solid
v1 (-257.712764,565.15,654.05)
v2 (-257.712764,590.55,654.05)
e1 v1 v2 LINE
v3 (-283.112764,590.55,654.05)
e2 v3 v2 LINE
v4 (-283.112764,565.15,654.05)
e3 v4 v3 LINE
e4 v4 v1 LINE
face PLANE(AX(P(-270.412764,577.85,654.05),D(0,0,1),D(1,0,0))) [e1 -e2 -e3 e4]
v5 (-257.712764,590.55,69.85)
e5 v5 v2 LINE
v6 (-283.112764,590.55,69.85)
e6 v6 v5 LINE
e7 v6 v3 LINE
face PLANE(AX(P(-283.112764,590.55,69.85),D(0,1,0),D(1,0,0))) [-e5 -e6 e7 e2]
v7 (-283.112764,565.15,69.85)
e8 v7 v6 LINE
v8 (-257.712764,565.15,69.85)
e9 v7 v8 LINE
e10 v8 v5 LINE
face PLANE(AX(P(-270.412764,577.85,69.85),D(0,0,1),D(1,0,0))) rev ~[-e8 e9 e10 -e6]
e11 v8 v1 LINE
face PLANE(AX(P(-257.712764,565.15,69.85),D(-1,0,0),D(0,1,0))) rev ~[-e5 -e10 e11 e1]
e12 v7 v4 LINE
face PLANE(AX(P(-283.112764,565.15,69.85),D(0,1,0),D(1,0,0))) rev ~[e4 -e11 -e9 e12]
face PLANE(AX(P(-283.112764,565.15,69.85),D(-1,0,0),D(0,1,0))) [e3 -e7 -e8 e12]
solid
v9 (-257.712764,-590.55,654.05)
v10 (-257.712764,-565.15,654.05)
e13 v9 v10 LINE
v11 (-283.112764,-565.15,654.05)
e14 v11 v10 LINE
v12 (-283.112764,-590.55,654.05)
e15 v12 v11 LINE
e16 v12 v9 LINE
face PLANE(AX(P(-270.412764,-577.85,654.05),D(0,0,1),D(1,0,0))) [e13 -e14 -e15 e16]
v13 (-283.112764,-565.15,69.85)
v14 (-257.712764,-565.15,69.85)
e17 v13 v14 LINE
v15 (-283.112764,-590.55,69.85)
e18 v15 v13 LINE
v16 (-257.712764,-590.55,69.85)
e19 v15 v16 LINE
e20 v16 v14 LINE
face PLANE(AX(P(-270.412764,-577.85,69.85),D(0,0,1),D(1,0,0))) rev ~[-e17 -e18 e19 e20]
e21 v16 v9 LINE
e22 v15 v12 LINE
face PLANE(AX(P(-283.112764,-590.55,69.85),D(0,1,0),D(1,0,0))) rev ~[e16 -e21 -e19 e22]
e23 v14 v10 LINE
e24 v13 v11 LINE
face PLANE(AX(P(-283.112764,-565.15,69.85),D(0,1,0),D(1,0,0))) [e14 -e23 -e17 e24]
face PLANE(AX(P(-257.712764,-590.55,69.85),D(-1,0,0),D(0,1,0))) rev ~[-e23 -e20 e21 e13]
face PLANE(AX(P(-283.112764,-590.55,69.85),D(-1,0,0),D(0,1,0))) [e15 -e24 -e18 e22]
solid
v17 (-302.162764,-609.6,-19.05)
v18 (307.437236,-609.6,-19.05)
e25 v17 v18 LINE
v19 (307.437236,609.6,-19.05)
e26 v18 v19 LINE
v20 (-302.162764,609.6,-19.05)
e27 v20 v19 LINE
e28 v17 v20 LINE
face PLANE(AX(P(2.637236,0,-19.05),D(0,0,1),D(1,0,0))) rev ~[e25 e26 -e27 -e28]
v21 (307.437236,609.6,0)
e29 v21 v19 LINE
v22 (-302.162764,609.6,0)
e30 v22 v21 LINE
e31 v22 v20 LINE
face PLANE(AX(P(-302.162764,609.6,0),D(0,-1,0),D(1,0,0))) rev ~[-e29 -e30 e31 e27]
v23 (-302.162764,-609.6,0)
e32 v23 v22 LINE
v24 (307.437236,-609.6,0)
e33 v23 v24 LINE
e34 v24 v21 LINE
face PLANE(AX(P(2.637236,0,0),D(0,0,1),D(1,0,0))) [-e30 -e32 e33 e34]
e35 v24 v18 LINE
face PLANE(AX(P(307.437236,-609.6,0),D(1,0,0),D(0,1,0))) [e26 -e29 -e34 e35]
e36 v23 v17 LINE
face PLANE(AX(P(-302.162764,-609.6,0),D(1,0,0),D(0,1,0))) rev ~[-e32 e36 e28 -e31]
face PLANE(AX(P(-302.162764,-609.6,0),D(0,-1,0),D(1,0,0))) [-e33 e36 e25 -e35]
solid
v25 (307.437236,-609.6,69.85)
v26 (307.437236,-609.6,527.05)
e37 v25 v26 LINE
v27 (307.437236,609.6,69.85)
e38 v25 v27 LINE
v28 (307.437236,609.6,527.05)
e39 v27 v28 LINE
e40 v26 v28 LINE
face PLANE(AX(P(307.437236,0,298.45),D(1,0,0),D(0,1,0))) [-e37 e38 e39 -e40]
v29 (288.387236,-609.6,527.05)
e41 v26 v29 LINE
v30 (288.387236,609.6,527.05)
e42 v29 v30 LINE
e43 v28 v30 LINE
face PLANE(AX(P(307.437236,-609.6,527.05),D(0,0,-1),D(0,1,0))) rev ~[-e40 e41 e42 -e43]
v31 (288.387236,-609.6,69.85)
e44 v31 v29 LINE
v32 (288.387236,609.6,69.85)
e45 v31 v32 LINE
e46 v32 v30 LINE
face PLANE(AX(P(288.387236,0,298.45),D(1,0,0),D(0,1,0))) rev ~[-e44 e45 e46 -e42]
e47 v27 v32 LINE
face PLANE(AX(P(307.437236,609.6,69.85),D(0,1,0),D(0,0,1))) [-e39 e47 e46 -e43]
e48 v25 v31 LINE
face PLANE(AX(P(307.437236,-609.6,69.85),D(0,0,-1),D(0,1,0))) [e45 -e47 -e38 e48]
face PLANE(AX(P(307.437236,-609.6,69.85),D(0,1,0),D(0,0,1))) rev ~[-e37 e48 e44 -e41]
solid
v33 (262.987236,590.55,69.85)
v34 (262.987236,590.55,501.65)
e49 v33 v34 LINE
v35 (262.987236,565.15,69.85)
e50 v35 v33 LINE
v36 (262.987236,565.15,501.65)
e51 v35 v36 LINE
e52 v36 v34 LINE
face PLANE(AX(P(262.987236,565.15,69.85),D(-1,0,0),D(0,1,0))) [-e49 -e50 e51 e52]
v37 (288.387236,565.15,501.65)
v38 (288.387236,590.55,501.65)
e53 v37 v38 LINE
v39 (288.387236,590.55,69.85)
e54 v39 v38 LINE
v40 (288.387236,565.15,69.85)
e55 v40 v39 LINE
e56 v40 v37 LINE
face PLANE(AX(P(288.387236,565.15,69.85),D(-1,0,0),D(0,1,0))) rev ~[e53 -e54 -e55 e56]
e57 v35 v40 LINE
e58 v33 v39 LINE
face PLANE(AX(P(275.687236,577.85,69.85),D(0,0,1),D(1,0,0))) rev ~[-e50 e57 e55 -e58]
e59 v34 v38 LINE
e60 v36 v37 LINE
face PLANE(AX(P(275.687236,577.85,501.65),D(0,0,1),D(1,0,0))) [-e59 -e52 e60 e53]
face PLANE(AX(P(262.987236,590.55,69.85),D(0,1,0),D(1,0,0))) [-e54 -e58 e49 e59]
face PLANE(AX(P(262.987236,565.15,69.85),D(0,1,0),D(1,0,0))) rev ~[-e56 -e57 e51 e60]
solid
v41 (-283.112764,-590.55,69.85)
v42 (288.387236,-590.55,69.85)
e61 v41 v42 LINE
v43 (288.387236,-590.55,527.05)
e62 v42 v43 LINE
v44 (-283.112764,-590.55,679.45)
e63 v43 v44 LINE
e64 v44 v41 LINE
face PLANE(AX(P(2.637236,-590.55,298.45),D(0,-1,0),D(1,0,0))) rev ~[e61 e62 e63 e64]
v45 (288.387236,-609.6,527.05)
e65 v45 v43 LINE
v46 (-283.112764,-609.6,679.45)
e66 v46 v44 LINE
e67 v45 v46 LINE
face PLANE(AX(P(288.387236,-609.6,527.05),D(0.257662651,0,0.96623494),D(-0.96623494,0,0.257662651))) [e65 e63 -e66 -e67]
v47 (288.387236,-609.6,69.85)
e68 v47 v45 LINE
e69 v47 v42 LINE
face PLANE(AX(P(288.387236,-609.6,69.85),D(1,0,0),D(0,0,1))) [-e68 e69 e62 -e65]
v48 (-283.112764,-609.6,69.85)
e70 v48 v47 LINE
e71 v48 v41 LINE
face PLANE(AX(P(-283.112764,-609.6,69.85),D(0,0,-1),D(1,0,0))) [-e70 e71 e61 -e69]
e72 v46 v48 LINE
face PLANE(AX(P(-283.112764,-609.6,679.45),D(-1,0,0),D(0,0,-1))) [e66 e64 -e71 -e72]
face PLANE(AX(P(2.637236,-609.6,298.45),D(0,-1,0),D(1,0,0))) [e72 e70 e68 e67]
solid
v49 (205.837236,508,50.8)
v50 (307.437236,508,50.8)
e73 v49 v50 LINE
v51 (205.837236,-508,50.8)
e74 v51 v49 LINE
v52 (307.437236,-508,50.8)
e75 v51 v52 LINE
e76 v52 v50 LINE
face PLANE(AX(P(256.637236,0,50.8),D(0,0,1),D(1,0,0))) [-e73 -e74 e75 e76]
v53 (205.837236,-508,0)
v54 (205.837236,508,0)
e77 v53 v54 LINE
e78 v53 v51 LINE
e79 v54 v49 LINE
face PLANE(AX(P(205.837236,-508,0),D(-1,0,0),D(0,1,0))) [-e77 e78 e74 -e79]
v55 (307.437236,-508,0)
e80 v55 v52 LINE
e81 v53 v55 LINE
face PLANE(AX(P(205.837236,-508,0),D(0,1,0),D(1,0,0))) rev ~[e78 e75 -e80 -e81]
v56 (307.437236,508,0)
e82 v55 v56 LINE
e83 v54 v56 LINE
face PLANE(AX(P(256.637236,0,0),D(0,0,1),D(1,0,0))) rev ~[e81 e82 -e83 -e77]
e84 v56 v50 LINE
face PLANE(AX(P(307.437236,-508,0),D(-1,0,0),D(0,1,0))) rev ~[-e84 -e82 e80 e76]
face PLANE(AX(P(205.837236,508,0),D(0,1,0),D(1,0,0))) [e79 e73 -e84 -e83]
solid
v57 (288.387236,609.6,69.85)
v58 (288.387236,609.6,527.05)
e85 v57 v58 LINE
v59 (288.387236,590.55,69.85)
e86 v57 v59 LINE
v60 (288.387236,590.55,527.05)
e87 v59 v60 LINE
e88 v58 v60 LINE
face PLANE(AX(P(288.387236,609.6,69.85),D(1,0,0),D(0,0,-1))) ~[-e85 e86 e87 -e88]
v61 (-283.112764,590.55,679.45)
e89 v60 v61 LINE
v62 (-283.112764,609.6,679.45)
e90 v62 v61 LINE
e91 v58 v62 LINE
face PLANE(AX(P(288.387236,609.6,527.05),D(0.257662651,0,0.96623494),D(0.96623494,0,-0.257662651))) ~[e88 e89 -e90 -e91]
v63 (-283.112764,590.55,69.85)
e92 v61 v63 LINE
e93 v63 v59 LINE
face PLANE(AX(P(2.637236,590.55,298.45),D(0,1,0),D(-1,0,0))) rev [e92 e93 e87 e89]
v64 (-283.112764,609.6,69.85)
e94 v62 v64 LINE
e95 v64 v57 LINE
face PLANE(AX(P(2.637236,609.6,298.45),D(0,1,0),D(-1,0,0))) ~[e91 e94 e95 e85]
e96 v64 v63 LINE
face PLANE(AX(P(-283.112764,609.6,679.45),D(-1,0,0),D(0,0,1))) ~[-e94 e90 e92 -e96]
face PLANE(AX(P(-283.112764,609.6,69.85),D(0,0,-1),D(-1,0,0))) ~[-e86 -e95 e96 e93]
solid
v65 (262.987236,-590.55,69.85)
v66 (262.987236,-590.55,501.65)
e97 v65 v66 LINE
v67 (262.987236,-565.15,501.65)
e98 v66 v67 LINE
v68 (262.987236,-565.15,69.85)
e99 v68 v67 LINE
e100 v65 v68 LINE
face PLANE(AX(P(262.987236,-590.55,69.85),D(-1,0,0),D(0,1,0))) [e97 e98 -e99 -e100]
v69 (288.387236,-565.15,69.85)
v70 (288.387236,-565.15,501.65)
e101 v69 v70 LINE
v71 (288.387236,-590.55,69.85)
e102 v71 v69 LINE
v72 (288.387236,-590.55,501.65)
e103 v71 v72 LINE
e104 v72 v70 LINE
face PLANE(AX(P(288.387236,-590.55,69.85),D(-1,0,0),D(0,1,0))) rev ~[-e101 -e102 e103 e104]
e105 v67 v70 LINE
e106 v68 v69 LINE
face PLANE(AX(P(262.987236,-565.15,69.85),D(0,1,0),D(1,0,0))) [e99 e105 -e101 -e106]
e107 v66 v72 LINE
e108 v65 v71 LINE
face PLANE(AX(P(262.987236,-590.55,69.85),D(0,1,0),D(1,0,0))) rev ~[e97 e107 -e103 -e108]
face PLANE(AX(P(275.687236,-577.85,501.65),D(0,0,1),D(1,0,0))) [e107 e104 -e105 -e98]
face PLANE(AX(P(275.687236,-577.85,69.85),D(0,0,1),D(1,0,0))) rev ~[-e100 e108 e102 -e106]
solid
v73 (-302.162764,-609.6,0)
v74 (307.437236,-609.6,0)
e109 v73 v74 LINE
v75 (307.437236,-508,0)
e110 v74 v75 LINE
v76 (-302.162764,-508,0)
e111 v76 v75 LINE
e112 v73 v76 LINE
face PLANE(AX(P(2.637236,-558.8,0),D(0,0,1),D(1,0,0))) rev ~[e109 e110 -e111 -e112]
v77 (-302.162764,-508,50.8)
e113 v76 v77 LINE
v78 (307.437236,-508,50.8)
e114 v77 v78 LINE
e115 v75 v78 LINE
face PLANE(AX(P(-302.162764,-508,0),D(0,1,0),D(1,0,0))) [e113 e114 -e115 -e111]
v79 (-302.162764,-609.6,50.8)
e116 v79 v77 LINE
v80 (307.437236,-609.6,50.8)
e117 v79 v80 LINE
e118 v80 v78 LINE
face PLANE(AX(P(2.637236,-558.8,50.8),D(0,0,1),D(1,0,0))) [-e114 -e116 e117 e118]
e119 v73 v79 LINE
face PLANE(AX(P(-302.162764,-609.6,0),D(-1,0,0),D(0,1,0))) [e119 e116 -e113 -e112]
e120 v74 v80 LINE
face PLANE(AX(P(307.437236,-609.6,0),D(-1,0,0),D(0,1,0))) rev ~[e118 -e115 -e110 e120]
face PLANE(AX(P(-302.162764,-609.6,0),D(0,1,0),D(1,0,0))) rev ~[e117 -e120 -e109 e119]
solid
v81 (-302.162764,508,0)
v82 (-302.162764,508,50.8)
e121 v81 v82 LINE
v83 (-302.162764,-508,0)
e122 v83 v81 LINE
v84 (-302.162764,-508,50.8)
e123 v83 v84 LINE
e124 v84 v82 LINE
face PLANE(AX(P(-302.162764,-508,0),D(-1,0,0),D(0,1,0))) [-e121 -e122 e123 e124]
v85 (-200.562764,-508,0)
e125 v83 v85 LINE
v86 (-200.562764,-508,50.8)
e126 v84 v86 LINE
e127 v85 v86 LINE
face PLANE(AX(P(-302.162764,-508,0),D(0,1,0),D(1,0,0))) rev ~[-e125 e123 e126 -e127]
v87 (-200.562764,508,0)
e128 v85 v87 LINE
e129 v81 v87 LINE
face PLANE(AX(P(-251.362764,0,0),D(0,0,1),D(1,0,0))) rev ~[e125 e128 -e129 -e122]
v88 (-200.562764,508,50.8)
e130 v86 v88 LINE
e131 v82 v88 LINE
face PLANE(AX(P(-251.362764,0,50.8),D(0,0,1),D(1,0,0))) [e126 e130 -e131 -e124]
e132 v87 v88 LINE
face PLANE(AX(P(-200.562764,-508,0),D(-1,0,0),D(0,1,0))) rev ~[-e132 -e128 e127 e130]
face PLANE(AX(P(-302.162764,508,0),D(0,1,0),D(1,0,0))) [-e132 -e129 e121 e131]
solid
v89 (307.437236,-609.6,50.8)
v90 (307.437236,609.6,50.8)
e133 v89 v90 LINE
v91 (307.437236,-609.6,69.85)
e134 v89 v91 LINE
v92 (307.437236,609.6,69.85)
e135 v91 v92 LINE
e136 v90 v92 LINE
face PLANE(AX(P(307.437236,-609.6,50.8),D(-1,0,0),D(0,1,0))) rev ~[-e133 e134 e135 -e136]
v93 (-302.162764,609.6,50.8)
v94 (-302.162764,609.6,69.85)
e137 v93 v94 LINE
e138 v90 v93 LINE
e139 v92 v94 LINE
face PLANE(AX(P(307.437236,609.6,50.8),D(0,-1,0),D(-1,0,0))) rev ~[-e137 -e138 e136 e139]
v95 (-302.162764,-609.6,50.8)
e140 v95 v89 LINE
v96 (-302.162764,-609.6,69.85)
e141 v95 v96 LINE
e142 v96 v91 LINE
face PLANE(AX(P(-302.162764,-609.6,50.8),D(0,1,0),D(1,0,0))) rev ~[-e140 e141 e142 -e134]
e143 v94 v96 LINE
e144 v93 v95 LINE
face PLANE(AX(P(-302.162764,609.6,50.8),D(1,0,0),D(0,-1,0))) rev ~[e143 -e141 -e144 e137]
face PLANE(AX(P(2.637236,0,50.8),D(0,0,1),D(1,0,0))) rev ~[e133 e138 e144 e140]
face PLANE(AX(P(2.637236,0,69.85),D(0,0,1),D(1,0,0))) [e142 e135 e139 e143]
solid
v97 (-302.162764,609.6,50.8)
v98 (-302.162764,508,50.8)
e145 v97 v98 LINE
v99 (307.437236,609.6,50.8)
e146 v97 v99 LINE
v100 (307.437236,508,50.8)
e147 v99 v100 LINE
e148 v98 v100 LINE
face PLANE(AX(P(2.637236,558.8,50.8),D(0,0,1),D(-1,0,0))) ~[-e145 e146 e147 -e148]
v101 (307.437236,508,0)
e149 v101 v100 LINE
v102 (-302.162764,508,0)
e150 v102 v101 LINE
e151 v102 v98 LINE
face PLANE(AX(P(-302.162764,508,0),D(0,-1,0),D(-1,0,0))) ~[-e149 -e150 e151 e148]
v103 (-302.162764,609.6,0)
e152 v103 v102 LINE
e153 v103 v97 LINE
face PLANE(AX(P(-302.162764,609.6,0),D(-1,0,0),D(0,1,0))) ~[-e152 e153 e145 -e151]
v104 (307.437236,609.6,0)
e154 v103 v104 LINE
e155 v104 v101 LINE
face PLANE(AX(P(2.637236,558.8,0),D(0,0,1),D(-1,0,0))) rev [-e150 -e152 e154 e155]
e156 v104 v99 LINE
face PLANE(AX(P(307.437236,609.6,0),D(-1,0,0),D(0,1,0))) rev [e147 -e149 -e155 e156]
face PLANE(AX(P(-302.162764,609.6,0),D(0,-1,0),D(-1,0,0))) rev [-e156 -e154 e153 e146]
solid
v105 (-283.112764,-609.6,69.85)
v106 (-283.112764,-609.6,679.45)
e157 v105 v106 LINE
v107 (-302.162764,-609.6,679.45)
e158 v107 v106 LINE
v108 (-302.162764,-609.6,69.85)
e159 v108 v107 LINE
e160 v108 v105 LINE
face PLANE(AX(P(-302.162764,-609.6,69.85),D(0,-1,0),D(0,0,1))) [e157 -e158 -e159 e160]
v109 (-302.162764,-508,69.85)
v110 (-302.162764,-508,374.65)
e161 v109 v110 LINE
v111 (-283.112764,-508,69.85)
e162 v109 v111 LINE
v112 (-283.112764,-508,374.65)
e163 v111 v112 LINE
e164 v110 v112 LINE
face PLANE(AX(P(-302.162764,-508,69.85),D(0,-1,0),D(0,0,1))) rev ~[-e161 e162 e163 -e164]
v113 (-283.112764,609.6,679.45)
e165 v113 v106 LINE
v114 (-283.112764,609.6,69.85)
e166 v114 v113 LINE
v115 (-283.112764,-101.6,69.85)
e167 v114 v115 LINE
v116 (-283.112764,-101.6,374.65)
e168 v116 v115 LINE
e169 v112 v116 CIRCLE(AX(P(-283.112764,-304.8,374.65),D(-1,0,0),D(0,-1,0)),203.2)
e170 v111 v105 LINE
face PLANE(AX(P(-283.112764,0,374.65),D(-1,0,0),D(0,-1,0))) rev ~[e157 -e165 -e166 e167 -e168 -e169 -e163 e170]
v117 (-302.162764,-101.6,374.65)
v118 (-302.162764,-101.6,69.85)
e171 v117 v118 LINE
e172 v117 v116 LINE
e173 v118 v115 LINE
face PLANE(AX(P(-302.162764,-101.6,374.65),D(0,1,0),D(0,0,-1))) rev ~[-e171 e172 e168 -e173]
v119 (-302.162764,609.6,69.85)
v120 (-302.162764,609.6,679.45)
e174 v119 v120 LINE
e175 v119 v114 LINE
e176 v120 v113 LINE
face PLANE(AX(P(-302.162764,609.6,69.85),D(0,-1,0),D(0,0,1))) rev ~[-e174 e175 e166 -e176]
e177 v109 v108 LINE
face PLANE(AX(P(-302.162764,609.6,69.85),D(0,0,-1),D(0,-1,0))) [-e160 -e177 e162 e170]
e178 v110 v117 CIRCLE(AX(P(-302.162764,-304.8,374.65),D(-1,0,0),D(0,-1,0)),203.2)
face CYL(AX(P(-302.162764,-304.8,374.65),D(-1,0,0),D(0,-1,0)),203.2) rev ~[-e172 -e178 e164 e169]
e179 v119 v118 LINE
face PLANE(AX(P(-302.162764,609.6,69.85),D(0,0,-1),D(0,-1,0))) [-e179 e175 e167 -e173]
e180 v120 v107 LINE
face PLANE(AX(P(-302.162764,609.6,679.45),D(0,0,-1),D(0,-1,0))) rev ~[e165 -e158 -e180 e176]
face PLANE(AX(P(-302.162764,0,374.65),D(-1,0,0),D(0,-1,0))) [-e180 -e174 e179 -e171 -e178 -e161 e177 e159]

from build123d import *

# Parameters (mm, degrees)
F0_W      = 609.6
F0_H      = 1219.2
F1_DEPTH  = 19.05
F2_W      = 609.6
F2_H      = 101.6
F3_DEPTH  = 50.8
F5_W      = 101.6
F5_H      = 1016
F6_DEPTH  = 50.8
F7_W      = 101.6
F7_H      = 1016
F8_DEPTH  = 50.8
F10_DEPTH = 19.05
F11_W     = 1219.2
F11_H     = 609.6
F12_DEPTH = 19.05
F13_W     = 571.5
F13_H     = 457.2
F14_DEPTH = 19.05
F16_W     = 1219.2
F16_H     = 457.2
F17_DEPTH = 19.05
F18_W     = 25.4
F18_H     = 25.4
F19_DEPTH = 584.2
F20_W     = 25.4
F20_H     = 25.4
F21_DEPTH = 431.8
F23_DEPTH = 19.05


with BuildPart() as f1:
    # F0 (on Top) → F1 (new body)
    with BuildSketch(Plane.XY):
        with Locations((2.6372357175, 0)):
            Rectangle(F0_W, F0_H)
    extrude(amount=-F1_DEPTH)


with BuildPart() as f3:
    # F2 (on face) → F3 (new body)
    with BuildSketch(Plane.XY):
        with Locations((2.6372357175, -558.8)):
            Rectangle(F2_W, F2_H)
    extrude(amount=F3_DEPTH)


with BuildPart() as f4_1:
    # F4: instance of F3
    add(f3.part.mirror(Plane.XZ))


with BuildPart() as f6:
    # F5 (on face) → F6 (new body)
    with BuildSketch(Plane.XY):
        with Locations((256.6372357175, 0)):
            Rectangle(F5_W, F5_H)
    extrude(amount=F6_DEPTH)


with BuildPart() as f8:
    # F7 (on face) → F8 (new body)
    with BuildSketch(Plane.XY):
        with Locations((-251.3627642825, 0)):
            Rectangle(F7_W, F7_H)
    extrude(amount=F8_DEPTH)


with BuildPart() as f10:
    # F9 (on face) → F10 (new body)
    with BuildSketch(Plane.XY.offset(50.8)):
        Polygon((-302.1627642825, 609.6), (-302.1627642825, 508), (-302.1627642825, -609.6), (307.4372357175, -609.6), (307.4372357175, 609.6), align=None)
    extrude(amount=F10_DEPTH)


with BuildPart() as f12:
    # F11 (on face) → F12 (new body)
    with BuildSketch(Plane(origin=(-302.1627642825, 0, 0), x_dir=(0, -1, 0), z_dir=(-1, 0, 0))):
        with Locations((0, 374.65)):
            Rectangle(F11_W, F11_H)
    extrude(amount=-F12_DEPTH)

    # F22 (on face) → F23 (cut, through all)
    with BuildSketch(Plane(origin=(-302.1627642825, 0, 0), x_dir=(0, -1, 0), z_dir=(-1, 0, 0))):
        with BuildLine():
            Line((101.6, 69.85), (508, 69.85))
            Line((508, 69.85), (508, 374.65))
            ThreePointArc((508, 374.65), (304.8, 171.45), (101.6, 374.65))
            Line((101.6, 374.65), (101.6, 69.85))
        make_face()
        with BuildLine():
            ThreePointArc((101.6, 374.65), (304.8, 171.45), (508, 374.65))
            Line((508, 374.65), (101.6, 374.65))
        make_face()
        with BuildLine():
            Line((101.6, 374.65), (508, 374.65))
            ThreePointArc((508, 374.65), (304.8, 577.85), (101.6, 374.65))
        make_face()
    extrude(amount=-F23_DEPTH, mode=Mode.SUBTRACT)


with BuildPart() as f14:
    # F13 (on face) → F14 (new body)
    with BuildSketch(Plane.XZ.offset(609.6)):
        with Locations((2.6372357175, 298.45)):
            Rectangle(F13_W, F13_H)
        Polygon((-283.1127642825, 679.45), (-283.1127642825, 527.05), (288.3872357175, 527.05), align=None)
    extrude(amount=-F14_DEPTH)


with BuildPart() as f15_1:
    # F15: instance of F14
    add(f14.part.mirror(Plane.XZ))


with BuildPart() as f17:
    # F16 (on face) → F17 (new body)
    with BuildSketch(Plane.YZ.offset(307.4372357175)):
        with Locations((0, 298.45)):
            Rectangle(F16_W, F16_H)
    extrude(amount=-F17_DEPTH)


with BuildPart() as f19:
    # F18 (on face) → F19 (new body)
    with BuildSketch(Plane.XY.offset(69.85)):
        with Locations((-270.4127642825, 577.85)):
            Rectangle(F18_W, F18_H)
    extrude(amount=F19_DEPTH)


with BuildPart() as f19b:
    # F18 (on face) → F19, piece 2 (new body)
    with BuildSketch(Plane.XY.offset(69.85)):
        with Locations((-270.4127642825, -577.85)):
            Rectangle(F18_W, F18_H)
    extrude(amount=F19_DEPTH)


with BuildPart() as f21:
    # F20 (on face) → F21 (new body)
    with BuildSketch(Plane.XY.offset(69.85)):
        with Locations((275.6872357175, 577.85)):
            Rectangle(F20_W, F20_H)
    extrude(amount=F21_DEPTH)


with BuildPart() as f21b:
    # F20 (on face) → F21, piece 2 (new body)
    with BuildSketch(Plane.XY.offset(69.85)):
        with Locations((275.6872357175, -577.85)):
            Rectangle(F20_W, F20_H)
    extrude(amount=F21_DEPTH)


solid = Compound([f1.part, f3.part, f4_1.part, f6.part, f8.part, f10.part, f12.part, f14.part, f15_1.part, f17.part, f19.part, f19b.part, f21.part, f21b.part])
